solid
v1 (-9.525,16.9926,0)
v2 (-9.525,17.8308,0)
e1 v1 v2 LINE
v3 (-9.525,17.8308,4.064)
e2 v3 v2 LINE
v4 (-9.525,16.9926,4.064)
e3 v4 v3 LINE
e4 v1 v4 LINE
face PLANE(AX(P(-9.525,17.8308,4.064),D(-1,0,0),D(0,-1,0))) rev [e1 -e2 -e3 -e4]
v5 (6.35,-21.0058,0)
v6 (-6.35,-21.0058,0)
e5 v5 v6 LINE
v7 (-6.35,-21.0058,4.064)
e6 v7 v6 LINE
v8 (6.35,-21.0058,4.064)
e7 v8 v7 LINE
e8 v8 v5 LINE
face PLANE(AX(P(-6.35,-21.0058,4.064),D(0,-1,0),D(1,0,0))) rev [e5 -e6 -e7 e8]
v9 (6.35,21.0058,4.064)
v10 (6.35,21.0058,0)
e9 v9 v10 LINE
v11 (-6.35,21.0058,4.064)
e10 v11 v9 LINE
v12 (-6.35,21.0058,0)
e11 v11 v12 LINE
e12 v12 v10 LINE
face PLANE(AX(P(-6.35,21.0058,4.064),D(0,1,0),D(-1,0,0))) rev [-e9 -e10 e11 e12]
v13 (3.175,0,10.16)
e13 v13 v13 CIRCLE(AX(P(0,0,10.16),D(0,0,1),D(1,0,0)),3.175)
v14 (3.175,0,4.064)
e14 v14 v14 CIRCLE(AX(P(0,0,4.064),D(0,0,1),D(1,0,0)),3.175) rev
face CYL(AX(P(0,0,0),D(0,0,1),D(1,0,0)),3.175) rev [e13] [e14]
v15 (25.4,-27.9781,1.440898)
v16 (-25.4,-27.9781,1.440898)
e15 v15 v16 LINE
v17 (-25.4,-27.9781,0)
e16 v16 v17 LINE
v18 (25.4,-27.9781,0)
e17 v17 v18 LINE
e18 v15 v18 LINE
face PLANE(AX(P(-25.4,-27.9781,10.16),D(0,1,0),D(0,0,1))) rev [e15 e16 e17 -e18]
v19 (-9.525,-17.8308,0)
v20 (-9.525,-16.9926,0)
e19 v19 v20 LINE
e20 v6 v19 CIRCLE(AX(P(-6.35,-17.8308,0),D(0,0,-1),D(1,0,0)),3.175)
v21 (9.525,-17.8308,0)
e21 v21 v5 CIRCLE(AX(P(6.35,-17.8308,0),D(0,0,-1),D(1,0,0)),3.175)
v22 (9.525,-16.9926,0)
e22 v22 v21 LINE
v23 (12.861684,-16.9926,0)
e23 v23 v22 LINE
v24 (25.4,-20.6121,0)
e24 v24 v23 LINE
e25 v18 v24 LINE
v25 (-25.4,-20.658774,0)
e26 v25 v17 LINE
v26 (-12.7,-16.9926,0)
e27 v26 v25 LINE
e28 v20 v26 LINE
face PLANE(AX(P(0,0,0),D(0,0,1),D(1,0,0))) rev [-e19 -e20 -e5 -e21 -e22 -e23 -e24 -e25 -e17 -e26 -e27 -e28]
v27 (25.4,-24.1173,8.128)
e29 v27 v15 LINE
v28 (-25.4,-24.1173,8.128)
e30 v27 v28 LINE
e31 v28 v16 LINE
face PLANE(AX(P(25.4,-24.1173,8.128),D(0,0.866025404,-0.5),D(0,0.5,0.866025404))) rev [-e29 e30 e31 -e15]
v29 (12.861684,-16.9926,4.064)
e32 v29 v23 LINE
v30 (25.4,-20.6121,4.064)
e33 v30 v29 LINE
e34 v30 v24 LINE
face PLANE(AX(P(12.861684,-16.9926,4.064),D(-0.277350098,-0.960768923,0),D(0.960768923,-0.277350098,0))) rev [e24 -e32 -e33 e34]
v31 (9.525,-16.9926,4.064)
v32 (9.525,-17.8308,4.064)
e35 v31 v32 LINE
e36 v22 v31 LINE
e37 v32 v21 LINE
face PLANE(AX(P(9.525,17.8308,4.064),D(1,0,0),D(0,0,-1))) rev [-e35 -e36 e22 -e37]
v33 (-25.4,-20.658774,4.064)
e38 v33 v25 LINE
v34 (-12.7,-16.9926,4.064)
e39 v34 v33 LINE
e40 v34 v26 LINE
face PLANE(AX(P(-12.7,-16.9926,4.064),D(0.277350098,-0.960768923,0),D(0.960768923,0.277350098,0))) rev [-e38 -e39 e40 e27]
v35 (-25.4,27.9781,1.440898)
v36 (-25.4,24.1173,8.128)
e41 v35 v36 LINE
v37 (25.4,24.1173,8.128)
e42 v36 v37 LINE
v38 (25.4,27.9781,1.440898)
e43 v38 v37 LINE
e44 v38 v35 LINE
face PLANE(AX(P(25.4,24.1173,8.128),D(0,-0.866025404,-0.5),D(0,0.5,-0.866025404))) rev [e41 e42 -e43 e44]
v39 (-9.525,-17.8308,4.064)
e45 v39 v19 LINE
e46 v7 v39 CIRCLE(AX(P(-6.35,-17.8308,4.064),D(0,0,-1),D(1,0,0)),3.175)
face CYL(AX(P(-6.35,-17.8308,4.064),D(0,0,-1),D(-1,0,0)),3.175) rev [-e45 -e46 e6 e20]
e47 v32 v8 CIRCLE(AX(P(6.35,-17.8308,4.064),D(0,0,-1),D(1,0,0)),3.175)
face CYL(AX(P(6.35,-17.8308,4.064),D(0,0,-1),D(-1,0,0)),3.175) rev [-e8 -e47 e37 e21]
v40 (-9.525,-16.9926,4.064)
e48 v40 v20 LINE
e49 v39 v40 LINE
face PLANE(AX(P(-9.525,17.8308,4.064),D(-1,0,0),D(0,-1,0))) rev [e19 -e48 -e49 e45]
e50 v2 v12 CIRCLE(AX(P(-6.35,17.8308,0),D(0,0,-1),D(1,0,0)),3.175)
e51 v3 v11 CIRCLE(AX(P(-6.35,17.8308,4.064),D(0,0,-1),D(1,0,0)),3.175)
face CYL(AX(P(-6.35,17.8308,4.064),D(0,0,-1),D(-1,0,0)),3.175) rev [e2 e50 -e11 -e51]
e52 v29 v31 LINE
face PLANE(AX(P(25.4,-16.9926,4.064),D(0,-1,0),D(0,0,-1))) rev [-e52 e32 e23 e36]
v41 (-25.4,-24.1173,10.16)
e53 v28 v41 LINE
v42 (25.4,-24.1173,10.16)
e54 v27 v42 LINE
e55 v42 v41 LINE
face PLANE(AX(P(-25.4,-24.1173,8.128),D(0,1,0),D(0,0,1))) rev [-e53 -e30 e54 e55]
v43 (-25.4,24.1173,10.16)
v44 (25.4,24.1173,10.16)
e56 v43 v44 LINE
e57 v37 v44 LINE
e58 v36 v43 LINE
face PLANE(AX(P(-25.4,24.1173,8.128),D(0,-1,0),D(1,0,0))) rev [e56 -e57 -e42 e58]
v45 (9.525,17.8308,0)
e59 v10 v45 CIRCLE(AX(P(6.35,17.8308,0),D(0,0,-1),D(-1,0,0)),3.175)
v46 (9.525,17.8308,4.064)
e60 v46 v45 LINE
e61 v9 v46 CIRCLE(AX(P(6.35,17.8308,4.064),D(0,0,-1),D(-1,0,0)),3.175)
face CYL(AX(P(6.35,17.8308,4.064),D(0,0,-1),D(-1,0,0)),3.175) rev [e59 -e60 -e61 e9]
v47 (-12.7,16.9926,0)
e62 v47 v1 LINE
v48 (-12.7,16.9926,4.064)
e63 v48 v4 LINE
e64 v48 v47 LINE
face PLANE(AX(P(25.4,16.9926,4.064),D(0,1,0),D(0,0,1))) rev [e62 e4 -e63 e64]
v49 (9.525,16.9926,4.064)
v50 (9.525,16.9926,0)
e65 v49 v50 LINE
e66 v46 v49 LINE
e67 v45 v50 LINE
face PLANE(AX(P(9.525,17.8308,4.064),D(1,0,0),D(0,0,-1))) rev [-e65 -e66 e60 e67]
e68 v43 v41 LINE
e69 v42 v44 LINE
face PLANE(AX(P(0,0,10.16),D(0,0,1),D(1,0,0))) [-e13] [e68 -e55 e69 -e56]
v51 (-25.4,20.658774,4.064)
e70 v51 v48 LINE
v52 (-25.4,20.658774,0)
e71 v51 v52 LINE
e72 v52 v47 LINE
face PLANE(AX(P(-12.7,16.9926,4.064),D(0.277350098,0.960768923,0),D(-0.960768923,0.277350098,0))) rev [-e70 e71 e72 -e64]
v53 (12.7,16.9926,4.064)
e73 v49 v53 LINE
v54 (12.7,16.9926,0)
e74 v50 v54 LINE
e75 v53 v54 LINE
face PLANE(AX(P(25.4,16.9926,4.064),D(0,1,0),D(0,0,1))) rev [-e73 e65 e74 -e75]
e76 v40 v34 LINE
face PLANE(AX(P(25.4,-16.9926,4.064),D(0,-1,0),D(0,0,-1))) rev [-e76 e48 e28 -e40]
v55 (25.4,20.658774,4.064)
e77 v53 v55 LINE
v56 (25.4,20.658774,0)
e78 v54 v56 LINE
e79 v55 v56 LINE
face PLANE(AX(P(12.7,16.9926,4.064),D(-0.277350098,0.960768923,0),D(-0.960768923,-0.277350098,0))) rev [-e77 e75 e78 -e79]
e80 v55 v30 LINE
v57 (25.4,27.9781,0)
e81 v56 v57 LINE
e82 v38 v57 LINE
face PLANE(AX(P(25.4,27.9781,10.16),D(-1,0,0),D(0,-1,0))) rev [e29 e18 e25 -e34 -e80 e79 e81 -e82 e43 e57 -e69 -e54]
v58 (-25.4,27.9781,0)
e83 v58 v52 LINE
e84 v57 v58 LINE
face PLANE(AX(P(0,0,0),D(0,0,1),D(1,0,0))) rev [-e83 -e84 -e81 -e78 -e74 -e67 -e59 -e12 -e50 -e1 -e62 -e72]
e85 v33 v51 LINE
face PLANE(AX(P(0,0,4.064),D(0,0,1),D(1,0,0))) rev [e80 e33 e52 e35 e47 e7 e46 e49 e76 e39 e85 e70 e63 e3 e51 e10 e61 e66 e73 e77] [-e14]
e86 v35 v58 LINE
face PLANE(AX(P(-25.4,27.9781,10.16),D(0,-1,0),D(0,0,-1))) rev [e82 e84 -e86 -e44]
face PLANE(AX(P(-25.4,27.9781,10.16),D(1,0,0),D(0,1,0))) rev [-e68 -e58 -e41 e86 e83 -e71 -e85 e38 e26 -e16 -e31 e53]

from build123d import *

# Parameters (mm, degrees)
SKETCH1_W           = 50.8
SKETCH1_H           = 55.9562
BOSS_EXTRUDE1_DEPTH = 10.16
SKETCH2_W           = 50.8
SKETCH2_H           = 3.8608
CUT_EXTRUDE1_DEPTH  = 2.032
CUT_EXTRUDE2_DEPTH  = 51.8
SKETCH4_R           = 3.175
CUT_EXTRUDE3_DEPTH  = 11.16
SKETCH5_W           = 50.8
SKETCH5_H           = 33.9852
CUT_EXTRUDE4_DEPTH  = 4.064
CUT_EXTRUDE5_DEPTH  = 4.064
CUT_EXTRUDE6_DEPTH  = 4.064


with BuildPart() as part:
    # Sketch1 → Boss-Extrude1 (new body)
    with BuildSketch(Plane.XY):
        Rectangle(SKETCH1_W, SKETCH1_H)
    extrude(amount=BOSS_EXTRUDE1_DEPTH)

    # Sketch2 → Cut-Extrude1 (cut)
    with BuildSketch(Plane.XY.offset(10.16)):
        with Locations((0, 26.0477)):
            Rectangle(SKETCH2_W, SKETCH2_H)
        with Locations((0, -26.0477)):
            Rectangle(SKETCH2_W, SKETCH2_H)
    extrude(amount=-CUT_EXTRUDE1_DEPTH, mode=Mode.SUBTRACT)

    # Sketch3 → Cut-Extrude2 (cut, through all)
    with BuildSketch(Plane.ZY.offset(25.4)):
        Polygon((8.128, 24.1173), (1.440898242, 27.9781), (8.128, 27.9781), align=None)
        Polygon((8.128, -24.1173), (1.440898242, -27.9781), (8.128, -27.9781), align=None)
    extrude(amount=-CUT_EXTRUDE2_DEPTH, mode=Mode.SUBTRACT)

    # Sketch4 → Cut-Extrude3 (cut, through all)
    with BuildSketch(Plane.XY.offset(10.16)):
        Circle(SKETCH4_R)
    extrude(amount=-CUT_EXTRUDE3_DEPTH, mode=Mode.SUBTRACT)

    # Sketch5 → Cut-Extrude4 (cut)
    with BuildSketch(Plane(origin=(0, 0, 0), x_dir=(-1, 0, 0), z_dir=(0, 0, -1))):
        Rectangle(SKETCH5_W, SKETCH5_H)
    extrude(amount=-CUT_EXTRUDE4_DEPTH, mode=Mode.SUBTRACT)

    # Sketch6 → Cut-Extrude5 (cut)
    with BuildSketch(Plane(origin=(0, 0, 0), x_dir=(-1, 0, 0), z_dir=(0, 0, -1))):
        with BuildLine():
            Line((6.35, 21.0058), (-6.35, 21.0058))
            ThreePointArc((-6.35, 21.0058), (-8.59506403, 20.07586403), (-9.525, 17.8308))
            Line((-9.525, 17.8308), (-9.525, -17.8308))
            ThreePointArc((-9.525, -17.8308), (-8.59506403, -20.07586403), (-6.35, -21.0058))
            Line((-6.35, -21.0058), (6.35, -21.0058))
            ThreePointArc((6.35, -21.0058), (8.59506403, -20.07586403), (9.525, -17.8308))
            Line((9.525, -17.8308), (9.525, 17.8308))
            ThreePointArc((9.525, 17.8308), (8.59506403, 20.07586403), (6.35, 21.0058))
        make_face()
    extrude(amount=-CUT_EXTRUDE5_DEPTH, mode=Mode.SUBTRACT)

    # Sketch7 → Cut-Extrude6 (cut)
    with BuildSketch(Plane(origin=(0, 0, 0), x_dir=(-1, 0, 0), z_dir=(0, 0, -1))):
        Polygon((-12.7, 16.9926), (-25.4, 20.658774209), (-25.4, 16.9926), align=None)
        Polygon((-12.861684204, -16.9926), (-25.4, -20.6121), (-25.4, -16.9926), align=None)
        Polygon((12.7, -16.9926), (25.4, -20.658774209), (25.4, -16.9926), align=None)
        Polygon((12.7, 16.9926), (25.4, 20.658774209), (25.4, 16.9926), align=None)
    extrude(amount=-CUT_EXTRUDE6_DEPTH, mode=Mode.SUBTRACT)


solid = part.part
